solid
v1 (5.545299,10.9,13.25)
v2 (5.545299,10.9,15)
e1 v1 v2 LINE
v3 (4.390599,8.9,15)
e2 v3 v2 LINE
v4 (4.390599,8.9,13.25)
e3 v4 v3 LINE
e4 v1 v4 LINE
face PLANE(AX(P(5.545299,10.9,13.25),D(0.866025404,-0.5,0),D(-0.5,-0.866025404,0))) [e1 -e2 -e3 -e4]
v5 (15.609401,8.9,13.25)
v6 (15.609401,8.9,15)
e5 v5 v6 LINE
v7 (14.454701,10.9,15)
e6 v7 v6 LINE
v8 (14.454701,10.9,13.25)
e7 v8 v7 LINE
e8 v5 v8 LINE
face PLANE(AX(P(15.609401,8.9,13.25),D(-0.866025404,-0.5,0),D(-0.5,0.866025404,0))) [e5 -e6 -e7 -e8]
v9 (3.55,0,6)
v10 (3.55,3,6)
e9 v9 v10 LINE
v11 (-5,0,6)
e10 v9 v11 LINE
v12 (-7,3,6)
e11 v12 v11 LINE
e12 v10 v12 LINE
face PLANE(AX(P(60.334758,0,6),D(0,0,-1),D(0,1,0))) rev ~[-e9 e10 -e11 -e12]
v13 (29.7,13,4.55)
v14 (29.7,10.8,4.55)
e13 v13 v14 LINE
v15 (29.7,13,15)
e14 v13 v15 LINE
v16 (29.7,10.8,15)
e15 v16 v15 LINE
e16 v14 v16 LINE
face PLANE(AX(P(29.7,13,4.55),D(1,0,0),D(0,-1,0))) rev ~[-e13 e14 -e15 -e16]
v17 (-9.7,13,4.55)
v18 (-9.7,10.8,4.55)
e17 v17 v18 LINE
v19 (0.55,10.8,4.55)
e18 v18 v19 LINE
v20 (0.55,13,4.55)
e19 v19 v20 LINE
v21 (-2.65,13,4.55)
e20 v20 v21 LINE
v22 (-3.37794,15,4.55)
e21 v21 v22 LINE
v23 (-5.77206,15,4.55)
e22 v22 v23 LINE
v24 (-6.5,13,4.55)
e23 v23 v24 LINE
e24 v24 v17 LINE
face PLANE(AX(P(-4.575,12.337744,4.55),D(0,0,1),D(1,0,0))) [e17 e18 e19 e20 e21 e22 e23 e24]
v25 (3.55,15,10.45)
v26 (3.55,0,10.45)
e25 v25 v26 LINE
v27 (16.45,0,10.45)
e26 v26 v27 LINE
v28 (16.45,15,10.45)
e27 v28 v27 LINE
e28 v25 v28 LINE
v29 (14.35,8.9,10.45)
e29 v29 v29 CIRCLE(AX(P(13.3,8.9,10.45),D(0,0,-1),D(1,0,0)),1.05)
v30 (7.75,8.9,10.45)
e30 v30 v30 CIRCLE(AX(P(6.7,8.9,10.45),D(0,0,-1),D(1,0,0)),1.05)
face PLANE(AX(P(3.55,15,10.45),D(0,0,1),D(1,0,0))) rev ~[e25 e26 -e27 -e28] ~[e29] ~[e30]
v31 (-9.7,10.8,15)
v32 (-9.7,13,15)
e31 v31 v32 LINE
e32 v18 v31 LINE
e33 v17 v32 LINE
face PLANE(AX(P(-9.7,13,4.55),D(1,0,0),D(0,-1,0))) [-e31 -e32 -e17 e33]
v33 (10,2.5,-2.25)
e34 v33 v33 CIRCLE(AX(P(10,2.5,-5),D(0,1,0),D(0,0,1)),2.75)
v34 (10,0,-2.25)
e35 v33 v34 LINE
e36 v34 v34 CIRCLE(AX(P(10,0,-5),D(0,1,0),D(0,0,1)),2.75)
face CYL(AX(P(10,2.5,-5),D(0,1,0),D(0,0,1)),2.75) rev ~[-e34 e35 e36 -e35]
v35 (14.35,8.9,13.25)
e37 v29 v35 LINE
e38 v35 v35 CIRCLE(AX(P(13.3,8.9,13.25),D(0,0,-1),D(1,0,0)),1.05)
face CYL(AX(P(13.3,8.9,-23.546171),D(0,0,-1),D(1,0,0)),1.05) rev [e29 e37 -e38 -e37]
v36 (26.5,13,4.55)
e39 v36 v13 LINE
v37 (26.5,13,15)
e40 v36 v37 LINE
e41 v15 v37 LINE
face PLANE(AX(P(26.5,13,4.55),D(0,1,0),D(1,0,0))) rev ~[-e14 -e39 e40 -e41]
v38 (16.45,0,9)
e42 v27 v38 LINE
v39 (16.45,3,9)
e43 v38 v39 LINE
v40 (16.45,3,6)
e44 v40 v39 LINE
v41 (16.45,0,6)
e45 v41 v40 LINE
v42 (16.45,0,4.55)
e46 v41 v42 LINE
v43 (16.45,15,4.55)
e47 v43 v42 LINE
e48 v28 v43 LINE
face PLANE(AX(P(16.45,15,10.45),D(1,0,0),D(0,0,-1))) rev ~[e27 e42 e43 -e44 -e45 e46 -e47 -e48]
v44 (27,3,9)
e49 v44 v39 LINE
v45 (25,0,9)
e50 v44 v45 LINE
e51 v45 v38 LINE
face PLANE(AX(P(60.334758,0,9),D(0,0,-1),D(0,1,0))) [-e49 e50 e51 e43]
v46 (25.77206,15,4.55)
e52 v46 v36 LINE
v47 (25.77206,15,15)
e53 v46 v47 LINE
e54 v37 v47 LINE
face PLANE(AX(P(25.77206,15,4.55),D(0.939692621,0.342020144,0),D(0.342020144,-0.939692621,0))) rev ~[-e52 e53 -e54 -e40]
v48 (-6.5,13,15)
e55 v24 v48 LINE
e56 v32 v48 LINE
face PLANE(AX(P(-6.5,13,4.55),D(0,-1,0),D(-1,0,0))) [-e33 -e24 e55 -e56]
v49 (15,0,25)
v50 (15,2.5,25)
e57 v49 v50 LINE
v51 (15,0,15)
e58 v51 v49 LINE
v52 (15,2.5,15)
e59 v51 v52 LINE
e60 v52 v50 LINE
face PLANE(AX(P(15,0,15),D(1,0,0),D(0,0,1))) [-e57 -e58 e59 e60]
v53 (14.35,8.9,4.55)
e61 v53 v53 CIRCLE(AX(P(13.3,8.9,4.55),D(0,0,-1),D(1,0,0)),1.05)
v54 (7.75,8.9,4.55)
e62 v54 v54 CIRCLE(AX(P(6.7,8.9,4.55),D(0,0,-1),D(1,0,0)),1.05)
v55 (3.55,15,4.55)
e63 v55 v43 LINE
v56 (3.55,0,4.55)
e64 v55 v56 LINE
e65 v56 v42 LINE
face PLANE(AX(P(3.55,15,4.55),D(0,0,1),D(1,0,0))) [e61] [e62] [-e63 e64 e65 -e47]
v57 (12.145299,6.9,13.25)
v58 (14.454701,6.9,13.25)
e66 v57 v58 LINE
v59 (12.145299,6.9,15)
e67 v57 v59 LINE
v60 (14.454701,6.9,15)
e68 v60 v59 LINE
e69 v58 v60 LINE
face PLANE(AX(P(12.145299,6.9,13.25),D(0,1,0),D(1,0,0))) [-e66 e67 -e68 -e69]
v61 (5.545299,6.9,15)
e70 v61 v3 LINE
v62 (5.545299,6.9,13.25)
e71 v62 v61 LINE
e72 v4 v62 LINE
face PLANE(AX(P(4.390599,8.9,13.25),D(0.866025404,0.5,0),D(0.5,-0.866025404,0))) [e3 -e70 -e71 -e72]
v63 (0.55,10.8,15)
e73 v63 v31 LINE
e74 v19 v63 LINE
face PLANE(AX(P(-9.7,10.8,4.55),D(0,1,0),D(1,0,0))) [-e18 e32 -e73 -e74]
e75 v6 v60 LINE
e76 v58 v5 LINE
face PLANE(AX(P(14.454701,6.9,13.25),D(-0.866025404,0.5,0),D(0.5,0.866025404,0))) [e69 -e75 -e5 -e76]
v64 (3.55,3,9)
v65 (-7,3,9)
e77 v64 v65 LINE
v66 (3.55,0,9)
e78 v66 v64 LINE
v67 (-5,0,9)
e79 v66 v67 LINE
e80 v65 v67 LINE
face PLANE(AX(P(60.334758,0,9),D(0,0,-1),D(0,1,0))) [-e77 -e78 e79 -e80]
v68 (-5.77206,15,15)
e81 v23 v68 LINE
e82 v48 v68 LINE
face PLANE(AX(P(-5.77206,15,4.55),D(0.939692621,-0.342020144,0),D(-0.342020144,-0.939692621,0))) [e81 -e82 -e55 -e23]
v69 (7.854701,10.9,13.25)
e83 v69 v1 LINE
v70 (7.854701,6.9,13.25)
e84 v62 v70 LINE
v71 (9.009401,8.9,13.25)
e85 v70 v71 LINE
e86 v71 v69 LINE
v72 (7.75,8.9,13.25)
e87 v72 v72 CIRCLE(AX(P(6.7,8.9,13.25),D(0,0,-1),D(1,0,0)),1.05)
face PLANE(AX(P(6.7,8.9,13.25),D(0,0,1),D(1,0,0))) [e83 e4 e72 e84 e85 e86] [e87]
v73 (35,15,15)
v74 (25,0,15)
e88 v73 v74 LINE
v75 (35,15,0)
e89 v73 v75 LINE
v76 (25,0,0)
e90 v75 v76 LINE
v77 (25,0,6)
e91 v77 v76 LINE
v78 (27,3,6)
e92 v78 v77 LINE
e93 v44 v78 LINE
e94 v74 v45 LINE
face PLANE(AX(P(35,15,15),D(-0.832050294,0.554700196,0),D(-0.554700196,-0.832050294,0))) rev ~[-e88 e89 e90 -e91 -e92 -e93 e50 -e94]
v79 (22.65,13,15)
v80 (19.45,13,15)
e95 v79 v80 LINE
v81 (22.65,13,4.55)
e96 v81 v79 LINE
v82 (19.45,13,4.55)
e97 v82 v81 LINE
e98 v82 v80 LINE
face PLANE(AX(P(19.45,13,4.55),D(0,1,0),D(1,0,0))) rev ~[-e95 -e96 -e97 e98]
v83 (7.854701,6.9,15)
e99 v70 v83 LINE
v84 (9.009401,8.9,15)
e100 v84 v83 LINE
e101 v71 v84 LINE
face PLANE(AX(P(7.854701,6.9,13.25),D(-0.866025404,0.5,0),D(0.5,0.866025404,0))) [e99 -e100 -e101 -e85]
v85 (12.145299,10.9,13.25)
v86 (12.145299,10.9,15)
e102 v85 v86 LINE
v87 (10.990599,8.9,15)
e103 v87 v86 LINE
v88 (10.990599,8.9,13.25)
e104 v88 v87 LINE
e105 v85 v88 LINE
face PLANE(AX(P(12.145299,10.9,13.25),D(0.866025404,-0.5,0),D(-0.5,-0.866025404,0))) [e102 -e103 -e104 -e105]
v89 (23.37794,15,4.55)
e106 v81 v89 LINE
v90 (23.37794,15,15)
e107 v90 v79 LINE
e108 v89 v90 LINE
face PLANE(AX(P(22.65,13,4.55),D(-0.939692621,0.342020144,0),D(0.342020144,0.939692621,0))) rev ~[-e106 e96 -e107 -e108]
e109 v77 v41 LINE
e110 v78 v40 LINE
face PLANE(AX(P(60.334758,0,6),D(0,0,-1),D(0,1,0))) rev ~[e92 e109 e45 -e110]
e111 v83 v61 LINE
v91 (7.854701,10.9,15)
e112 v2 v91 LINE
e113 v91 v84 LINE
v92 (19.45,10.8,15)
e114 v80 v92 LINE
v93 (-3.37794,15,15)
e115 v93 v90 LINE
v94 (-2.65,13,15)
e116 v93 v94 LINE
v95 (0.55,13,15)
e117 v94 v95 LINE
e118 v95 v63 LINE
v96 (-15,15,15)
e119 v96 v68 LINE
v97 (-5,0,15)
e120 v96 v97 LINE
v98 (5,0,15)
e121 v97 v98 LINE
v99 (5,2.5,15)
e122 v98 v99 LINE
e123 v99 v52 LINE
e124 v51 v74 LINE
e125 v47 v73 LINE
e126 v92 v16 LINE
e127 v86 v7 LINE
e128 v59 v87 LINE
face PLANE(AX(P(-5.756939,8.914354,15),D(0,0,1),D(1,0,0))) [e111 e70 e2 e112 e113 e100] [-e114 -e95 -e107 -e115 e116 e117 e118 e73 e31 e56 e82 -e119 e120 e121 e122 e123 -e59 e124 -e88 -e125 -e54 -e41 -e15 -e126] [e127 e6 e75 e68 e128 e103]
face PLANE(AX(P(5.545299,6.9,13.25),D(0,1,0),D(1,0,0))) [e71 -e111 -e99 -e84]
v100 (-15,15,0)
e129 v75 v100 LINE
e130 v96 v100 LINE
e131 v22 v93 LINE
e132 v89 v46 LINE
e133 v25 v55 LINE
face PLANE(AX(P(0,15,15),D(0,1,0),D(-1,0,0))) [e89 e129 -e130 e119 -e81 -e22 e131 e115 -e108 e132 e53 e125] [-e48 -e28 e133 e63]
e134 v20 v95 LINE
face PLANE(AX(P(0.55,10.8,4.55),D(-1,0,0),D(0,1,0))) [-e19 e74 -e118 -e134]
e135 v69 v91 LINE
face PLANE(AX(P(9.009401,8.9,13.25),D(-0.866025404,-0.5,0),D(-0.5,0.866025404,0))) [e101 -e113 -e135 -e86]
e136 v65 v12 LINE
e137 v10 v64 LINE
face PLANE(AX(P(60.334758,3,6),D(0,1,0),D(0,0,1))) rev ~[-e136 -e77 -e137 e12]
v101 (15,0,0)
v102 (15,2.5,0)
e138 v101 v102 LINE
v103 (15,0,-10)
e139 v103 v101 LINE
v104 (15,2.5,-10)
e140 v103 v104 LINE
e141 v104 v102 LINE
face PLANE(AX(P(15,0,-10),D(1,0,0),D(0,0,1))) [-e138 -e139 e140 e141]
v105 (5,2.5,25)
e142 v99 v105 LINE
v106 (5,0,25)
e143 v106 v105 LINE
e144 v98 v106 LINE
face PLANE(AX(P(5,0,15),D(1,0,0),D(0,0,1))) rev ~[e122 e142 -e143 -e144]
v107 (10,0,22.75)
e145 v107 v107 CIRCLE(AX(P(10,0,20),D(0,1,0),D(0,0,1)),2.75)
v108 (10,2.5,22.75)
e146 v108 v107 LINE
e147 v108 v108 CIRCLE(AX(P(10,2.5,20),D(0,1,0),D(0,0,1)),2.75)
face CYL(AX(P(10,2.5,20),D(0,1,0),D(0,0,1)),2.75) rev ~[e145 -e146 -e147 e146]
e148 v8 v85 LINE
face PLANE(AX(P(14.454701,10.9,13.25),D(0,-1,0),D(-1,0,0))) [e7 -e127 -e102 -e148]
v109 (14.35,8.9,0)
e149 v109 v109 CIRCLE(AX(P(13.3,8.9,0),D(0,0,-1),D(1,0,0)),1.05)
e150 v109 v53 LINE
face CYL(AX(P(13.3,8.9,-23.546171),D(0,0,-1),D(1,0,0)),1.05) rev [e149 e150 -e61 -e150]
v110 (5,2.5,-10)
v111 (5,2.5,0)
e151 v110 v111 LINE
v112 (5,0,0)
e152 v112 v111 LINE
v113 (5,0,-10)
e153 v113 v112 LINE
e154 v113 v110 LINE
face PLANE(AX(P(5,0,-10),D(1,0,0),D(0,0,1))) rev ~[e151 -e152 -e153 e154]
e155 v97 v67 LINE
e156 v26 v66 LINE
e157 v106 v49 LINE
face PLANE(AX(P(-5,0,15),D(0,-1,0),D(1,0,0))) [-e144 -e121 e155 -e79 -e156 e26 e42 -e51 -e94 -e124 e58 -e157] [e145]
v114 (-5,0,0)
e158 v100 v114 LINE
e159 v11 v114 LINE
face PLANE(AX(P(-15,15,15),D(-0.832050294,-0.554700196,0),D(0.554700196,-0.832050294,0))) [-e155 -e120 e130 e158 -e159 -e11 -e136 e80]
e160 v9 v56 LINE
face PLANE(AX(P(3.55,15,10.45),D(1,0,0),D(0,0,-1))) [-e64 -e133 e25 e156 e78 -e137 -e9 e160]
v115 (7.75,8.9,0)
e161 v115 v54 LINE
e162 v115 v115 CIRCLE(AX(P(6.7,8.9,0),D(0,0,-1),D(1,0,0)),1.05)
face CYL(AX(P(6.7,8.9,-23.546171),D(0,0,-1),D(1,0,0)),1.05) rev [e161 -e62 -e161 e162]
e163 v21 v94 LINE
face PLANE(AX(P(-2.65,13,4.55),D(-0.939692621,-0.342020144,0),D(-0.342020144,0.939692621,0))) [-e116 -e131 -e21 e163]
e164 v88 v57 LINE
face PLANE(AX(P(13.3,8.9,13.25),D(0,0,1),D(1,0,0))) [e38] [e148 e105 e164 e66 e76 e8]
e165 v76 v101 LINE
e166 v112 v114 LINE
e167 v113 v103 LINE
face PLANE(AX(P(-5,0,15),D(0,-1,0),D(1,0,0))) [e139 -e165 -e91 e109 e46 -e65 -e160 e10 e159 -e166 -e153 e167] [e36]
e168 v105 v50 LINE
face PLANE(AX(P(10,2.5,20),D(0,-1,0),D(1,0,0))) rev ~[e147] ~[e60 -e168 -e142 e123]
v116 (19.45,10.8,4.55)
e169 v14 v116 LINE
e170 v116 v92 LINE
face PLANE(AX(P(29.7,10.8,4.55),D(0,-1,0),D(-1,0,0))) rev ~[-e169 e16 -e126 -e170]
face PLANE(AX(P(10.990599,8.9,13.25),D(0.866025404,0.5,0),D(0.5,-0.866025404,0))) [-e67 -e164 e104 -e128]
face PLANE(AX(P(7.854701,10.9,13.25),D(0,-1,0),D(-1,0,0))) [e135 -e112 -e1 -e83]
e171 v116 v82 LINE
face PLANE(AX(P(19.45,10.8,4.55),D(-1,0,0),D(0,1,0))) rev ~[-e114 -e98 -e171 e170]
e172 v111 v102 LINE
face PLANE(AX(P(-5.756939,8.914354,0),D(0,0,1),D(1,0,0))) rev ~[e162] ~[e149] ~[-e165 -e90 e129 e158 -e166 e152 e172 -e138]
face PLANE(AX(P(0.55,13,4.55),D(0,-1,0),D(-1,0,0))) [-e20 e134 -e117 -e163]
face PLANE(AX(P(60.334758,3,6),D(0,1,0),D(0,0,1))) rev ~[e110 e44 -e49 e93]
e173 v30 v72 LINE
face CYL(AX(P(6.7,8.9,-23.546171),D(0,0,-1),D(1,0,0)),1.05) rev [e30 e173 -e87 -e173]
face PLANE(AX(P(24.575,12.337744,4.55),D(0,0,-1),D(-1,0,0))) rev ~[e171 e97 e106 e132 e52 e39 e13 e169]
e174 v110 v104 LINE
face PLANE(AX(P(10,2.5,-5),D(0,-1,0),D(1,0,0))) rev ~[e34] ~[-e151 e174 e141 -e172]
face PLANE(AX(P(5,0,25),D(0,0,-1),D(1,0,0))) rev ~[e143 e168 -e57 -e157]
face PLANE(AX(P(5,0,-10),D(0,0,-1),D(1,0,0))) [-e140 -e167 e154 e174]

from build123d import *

# Parameters (mm, degrees)
SKETCH1_W                = 20
SKETCH1_H                = 15
SWITCHCASE_DEPTH         = 15
SKETCH2_W                = 12.9
SKETCH2_H                = 5.9
SWITCHCAVITY_DEPTH       = 30.154759474
SWITCHM2HOLES_DEPTH      = 28.096171316
SWITCHM2HOLES_DEPTH_BACK = 28.096171316
SKETCH3_R                = 1.05
NUTINSERTS_DEPTH         = 30.154759474
NUTINSERTS_DEPTH_BACK    = 1.75
SKETCH4_W                = 10
SKETCH4_H                = 10
MOUNTTABS_DEPTH          = 2.5
M5SCREWHOLES_REACH       = 36.369
SKETCH6_R                = 2.75
WINGS_DEPTH              = 15
WIRECHANNEL_DEPTH        = 43.884758365
WIRECHANNEL_DEPTH_BACK   = 43.884758365
SKETCH8_W                = 3
SKETCH8_H                = 3
BUMPERCHANNEL_DEPTH      = 46.552167896
BUMPERCHANNEL_DEPTH_BACK = 10.45


with BuildPart() as part:
    # Sketch1 → SwitchCase (new body)
    with BuildSketch(Plane.XY):
        with Locations((10, 7.5)):
            Rectangle(SKETCH1_W, SKETCH1_H)
    extrude(amount=SWITCHCASE_DEPTH)

    # Sketch2 → SwitchCavity (cut, through all)
    with BuildSketch(Plane(origin=(0, 15, 0), x_dir=(1, 0, 0), z_dir=(0, 1, 0))):
        with Locations((10, -7.5)):
            Rectangle(SKETCH2_W, SKETCH2_H)
    extrude(amount=-SWITCHCAVITY_DEPTH, mode=Mode.SUBTRACT)

    # Sketch3 → SwitchM2Holes (cut, two sides: drawn at the far end of the back side and taken through both)
    with BuildSketch(Plane.XY.offset(4.55).offset(-SWITCHM2HOLES_DEPTH_BACK)):
        with Locations((6.7, 8.9)):
            Circle(SKETCH3_R)
        with Locations((13.3, 8.9)):
            Circle(SKETCH3_R)
    extrude(amount=SWITCHM2HOLES_DEPTH + SWITCHM2HOLES_DEPTH_BACK, mode=Mode.SUBTRACT)

    # Sketch5 → NutInserts (cut, two sides: drawn at the far end of the back side and taken through both)
    with BuildSketch(Plane.XY.offset(15).offset(-NUTINSERTS_DEPTH_BACK)):
        Polygon((9.009401077, 8.9), (7.854700538, 10.9), (5.545299462, 10.9), (4.390598923, 8.9), (5.545299462, 6.9), (7.854700538, 6.9), align=None)
        Polygon((15.609401077, 8.9), (14.454700538, 10.9), (12.145299462, 10.9), (10.990598923, 8.9), (12.145299462, 6.9), (14.454700538, 6.9), align=None)
    extrude(amount=NUTINSERTS_DEPTH + NUTINSERTS_DEPTH_BACK, mode=Mode.SUBTRACT)

    # Sketch4 → MountTabs (add)
    with BuildSketch(Plane.XZ):
        with Locations((10, 20)):
            Rectangle(SKETCH4_W, SKETCH4_H)
        with Locations((10, -5)):
            Rectangle(SKETCH4_W, SKETCH4_H)
    extrude(amount=-MOUNTTABS_DEPTH)

    # Sketch6 → M5ScrewHoles (cut, up to next)
    with BuildSketch(Plane(origin=(0, 2.5, 0), x_dir=(1, 0, 0), z_dir=(0, 1, 0)), mode=Mode.PRIVATE) as m5screwholes_sk1:
        with Locations(Location((10, -20, 0), (0, 0, 270))):
            Circle(SKETCH6_R)
    m5screwholes_tool1 = extrude(m5screwholes_sk1.sketch, amount=-M5SCREWHOLES_REACH, mode=Mode.PRIVATE) & part.part
    # Sketch6 → M5ScrewHoles (cut, up to next)
    with BuildSketch(Plane(origin=(0, 2.5, 0), x_dir=(1, 0, 0), z_dir=(0, 1, 0)), mode=Mode.PRIVATE) as m5screwholes_sk2:
        with Locations(Location((10, 5, 0), (0, 0, 270))):
            Circle(SKETCH6_R)
    m5screwholes_tool2 = extrude(m5screwholes_sk2.sketch, amount=-M5SCREWHOLES_REACH, mode=Mode.PRIVATE) & part.part
    add(m5screwholes_tool1.solids().sort_by_distance((10, 2.5, 20))[0], mode=Mode.SUBTRACT)
    add(m5screwholes_tool2.solids().sort_by_distance((10, 2.5, -5))[0], mode=Mode.SUBTRACT)

    # Sketch7 → Wings (add)
    with BuildSketch(Plane.XY.offset(15)):
        Polygon((0, 15), (-15, 15), (-5, 0), (0, 0), align=None)
        Polygon((20, 15), (35, 15), (25, 0), (20, 0), align=None)
    extrude(amount=-WINGS_DEPTH)

    # Sketch8 → WireChannel (cut, two sides: drawn at the far end of the back side and taken through both)
    with BuildSketch(Plane.ZY.offset(-16.45).offset(-WIRECHANNEL_DEPTH_BACK)):
        with Locations((7.5, 1.5)):
            Rectangle(SKETCH8_W, SKETCH8_H)
    extrude(amount=WIRECHANNEL_DEPTH + WIRECHANNEL_DEPTH_BACK, mode=Mode.SUBTRACT)

    # Sketch9 → BumperChannel (cut, two sides: drawn at the far end of the back side and taken through both)
    with BuildSketch(Plane.XY.offset(15).offset(-BUMPERCHANNEL_DEPTH_BACK)):
        Polygon((-9.7, 10.8), (0.55, 10.8), (0.55, 13), (-2.65, 13), (-3.377940469, 15), (-5.772059531, 15), (-6.5, 13), (-9.7, 13), align=None)
        Polygon((26.5, 13), (29.7, 13), (29.7, 10.8), (19.45, 10.8), (19.45, 13), (22.65, 13), (23.377940469, 15), (25.772059531, 15), align=None)
    extrude(amount=BUMPERCHANNEL_DEPTH + BUMPERCHANNEL_DEPTH_BACK, mode=Mode.SUBTRACT)


solid = part.part
